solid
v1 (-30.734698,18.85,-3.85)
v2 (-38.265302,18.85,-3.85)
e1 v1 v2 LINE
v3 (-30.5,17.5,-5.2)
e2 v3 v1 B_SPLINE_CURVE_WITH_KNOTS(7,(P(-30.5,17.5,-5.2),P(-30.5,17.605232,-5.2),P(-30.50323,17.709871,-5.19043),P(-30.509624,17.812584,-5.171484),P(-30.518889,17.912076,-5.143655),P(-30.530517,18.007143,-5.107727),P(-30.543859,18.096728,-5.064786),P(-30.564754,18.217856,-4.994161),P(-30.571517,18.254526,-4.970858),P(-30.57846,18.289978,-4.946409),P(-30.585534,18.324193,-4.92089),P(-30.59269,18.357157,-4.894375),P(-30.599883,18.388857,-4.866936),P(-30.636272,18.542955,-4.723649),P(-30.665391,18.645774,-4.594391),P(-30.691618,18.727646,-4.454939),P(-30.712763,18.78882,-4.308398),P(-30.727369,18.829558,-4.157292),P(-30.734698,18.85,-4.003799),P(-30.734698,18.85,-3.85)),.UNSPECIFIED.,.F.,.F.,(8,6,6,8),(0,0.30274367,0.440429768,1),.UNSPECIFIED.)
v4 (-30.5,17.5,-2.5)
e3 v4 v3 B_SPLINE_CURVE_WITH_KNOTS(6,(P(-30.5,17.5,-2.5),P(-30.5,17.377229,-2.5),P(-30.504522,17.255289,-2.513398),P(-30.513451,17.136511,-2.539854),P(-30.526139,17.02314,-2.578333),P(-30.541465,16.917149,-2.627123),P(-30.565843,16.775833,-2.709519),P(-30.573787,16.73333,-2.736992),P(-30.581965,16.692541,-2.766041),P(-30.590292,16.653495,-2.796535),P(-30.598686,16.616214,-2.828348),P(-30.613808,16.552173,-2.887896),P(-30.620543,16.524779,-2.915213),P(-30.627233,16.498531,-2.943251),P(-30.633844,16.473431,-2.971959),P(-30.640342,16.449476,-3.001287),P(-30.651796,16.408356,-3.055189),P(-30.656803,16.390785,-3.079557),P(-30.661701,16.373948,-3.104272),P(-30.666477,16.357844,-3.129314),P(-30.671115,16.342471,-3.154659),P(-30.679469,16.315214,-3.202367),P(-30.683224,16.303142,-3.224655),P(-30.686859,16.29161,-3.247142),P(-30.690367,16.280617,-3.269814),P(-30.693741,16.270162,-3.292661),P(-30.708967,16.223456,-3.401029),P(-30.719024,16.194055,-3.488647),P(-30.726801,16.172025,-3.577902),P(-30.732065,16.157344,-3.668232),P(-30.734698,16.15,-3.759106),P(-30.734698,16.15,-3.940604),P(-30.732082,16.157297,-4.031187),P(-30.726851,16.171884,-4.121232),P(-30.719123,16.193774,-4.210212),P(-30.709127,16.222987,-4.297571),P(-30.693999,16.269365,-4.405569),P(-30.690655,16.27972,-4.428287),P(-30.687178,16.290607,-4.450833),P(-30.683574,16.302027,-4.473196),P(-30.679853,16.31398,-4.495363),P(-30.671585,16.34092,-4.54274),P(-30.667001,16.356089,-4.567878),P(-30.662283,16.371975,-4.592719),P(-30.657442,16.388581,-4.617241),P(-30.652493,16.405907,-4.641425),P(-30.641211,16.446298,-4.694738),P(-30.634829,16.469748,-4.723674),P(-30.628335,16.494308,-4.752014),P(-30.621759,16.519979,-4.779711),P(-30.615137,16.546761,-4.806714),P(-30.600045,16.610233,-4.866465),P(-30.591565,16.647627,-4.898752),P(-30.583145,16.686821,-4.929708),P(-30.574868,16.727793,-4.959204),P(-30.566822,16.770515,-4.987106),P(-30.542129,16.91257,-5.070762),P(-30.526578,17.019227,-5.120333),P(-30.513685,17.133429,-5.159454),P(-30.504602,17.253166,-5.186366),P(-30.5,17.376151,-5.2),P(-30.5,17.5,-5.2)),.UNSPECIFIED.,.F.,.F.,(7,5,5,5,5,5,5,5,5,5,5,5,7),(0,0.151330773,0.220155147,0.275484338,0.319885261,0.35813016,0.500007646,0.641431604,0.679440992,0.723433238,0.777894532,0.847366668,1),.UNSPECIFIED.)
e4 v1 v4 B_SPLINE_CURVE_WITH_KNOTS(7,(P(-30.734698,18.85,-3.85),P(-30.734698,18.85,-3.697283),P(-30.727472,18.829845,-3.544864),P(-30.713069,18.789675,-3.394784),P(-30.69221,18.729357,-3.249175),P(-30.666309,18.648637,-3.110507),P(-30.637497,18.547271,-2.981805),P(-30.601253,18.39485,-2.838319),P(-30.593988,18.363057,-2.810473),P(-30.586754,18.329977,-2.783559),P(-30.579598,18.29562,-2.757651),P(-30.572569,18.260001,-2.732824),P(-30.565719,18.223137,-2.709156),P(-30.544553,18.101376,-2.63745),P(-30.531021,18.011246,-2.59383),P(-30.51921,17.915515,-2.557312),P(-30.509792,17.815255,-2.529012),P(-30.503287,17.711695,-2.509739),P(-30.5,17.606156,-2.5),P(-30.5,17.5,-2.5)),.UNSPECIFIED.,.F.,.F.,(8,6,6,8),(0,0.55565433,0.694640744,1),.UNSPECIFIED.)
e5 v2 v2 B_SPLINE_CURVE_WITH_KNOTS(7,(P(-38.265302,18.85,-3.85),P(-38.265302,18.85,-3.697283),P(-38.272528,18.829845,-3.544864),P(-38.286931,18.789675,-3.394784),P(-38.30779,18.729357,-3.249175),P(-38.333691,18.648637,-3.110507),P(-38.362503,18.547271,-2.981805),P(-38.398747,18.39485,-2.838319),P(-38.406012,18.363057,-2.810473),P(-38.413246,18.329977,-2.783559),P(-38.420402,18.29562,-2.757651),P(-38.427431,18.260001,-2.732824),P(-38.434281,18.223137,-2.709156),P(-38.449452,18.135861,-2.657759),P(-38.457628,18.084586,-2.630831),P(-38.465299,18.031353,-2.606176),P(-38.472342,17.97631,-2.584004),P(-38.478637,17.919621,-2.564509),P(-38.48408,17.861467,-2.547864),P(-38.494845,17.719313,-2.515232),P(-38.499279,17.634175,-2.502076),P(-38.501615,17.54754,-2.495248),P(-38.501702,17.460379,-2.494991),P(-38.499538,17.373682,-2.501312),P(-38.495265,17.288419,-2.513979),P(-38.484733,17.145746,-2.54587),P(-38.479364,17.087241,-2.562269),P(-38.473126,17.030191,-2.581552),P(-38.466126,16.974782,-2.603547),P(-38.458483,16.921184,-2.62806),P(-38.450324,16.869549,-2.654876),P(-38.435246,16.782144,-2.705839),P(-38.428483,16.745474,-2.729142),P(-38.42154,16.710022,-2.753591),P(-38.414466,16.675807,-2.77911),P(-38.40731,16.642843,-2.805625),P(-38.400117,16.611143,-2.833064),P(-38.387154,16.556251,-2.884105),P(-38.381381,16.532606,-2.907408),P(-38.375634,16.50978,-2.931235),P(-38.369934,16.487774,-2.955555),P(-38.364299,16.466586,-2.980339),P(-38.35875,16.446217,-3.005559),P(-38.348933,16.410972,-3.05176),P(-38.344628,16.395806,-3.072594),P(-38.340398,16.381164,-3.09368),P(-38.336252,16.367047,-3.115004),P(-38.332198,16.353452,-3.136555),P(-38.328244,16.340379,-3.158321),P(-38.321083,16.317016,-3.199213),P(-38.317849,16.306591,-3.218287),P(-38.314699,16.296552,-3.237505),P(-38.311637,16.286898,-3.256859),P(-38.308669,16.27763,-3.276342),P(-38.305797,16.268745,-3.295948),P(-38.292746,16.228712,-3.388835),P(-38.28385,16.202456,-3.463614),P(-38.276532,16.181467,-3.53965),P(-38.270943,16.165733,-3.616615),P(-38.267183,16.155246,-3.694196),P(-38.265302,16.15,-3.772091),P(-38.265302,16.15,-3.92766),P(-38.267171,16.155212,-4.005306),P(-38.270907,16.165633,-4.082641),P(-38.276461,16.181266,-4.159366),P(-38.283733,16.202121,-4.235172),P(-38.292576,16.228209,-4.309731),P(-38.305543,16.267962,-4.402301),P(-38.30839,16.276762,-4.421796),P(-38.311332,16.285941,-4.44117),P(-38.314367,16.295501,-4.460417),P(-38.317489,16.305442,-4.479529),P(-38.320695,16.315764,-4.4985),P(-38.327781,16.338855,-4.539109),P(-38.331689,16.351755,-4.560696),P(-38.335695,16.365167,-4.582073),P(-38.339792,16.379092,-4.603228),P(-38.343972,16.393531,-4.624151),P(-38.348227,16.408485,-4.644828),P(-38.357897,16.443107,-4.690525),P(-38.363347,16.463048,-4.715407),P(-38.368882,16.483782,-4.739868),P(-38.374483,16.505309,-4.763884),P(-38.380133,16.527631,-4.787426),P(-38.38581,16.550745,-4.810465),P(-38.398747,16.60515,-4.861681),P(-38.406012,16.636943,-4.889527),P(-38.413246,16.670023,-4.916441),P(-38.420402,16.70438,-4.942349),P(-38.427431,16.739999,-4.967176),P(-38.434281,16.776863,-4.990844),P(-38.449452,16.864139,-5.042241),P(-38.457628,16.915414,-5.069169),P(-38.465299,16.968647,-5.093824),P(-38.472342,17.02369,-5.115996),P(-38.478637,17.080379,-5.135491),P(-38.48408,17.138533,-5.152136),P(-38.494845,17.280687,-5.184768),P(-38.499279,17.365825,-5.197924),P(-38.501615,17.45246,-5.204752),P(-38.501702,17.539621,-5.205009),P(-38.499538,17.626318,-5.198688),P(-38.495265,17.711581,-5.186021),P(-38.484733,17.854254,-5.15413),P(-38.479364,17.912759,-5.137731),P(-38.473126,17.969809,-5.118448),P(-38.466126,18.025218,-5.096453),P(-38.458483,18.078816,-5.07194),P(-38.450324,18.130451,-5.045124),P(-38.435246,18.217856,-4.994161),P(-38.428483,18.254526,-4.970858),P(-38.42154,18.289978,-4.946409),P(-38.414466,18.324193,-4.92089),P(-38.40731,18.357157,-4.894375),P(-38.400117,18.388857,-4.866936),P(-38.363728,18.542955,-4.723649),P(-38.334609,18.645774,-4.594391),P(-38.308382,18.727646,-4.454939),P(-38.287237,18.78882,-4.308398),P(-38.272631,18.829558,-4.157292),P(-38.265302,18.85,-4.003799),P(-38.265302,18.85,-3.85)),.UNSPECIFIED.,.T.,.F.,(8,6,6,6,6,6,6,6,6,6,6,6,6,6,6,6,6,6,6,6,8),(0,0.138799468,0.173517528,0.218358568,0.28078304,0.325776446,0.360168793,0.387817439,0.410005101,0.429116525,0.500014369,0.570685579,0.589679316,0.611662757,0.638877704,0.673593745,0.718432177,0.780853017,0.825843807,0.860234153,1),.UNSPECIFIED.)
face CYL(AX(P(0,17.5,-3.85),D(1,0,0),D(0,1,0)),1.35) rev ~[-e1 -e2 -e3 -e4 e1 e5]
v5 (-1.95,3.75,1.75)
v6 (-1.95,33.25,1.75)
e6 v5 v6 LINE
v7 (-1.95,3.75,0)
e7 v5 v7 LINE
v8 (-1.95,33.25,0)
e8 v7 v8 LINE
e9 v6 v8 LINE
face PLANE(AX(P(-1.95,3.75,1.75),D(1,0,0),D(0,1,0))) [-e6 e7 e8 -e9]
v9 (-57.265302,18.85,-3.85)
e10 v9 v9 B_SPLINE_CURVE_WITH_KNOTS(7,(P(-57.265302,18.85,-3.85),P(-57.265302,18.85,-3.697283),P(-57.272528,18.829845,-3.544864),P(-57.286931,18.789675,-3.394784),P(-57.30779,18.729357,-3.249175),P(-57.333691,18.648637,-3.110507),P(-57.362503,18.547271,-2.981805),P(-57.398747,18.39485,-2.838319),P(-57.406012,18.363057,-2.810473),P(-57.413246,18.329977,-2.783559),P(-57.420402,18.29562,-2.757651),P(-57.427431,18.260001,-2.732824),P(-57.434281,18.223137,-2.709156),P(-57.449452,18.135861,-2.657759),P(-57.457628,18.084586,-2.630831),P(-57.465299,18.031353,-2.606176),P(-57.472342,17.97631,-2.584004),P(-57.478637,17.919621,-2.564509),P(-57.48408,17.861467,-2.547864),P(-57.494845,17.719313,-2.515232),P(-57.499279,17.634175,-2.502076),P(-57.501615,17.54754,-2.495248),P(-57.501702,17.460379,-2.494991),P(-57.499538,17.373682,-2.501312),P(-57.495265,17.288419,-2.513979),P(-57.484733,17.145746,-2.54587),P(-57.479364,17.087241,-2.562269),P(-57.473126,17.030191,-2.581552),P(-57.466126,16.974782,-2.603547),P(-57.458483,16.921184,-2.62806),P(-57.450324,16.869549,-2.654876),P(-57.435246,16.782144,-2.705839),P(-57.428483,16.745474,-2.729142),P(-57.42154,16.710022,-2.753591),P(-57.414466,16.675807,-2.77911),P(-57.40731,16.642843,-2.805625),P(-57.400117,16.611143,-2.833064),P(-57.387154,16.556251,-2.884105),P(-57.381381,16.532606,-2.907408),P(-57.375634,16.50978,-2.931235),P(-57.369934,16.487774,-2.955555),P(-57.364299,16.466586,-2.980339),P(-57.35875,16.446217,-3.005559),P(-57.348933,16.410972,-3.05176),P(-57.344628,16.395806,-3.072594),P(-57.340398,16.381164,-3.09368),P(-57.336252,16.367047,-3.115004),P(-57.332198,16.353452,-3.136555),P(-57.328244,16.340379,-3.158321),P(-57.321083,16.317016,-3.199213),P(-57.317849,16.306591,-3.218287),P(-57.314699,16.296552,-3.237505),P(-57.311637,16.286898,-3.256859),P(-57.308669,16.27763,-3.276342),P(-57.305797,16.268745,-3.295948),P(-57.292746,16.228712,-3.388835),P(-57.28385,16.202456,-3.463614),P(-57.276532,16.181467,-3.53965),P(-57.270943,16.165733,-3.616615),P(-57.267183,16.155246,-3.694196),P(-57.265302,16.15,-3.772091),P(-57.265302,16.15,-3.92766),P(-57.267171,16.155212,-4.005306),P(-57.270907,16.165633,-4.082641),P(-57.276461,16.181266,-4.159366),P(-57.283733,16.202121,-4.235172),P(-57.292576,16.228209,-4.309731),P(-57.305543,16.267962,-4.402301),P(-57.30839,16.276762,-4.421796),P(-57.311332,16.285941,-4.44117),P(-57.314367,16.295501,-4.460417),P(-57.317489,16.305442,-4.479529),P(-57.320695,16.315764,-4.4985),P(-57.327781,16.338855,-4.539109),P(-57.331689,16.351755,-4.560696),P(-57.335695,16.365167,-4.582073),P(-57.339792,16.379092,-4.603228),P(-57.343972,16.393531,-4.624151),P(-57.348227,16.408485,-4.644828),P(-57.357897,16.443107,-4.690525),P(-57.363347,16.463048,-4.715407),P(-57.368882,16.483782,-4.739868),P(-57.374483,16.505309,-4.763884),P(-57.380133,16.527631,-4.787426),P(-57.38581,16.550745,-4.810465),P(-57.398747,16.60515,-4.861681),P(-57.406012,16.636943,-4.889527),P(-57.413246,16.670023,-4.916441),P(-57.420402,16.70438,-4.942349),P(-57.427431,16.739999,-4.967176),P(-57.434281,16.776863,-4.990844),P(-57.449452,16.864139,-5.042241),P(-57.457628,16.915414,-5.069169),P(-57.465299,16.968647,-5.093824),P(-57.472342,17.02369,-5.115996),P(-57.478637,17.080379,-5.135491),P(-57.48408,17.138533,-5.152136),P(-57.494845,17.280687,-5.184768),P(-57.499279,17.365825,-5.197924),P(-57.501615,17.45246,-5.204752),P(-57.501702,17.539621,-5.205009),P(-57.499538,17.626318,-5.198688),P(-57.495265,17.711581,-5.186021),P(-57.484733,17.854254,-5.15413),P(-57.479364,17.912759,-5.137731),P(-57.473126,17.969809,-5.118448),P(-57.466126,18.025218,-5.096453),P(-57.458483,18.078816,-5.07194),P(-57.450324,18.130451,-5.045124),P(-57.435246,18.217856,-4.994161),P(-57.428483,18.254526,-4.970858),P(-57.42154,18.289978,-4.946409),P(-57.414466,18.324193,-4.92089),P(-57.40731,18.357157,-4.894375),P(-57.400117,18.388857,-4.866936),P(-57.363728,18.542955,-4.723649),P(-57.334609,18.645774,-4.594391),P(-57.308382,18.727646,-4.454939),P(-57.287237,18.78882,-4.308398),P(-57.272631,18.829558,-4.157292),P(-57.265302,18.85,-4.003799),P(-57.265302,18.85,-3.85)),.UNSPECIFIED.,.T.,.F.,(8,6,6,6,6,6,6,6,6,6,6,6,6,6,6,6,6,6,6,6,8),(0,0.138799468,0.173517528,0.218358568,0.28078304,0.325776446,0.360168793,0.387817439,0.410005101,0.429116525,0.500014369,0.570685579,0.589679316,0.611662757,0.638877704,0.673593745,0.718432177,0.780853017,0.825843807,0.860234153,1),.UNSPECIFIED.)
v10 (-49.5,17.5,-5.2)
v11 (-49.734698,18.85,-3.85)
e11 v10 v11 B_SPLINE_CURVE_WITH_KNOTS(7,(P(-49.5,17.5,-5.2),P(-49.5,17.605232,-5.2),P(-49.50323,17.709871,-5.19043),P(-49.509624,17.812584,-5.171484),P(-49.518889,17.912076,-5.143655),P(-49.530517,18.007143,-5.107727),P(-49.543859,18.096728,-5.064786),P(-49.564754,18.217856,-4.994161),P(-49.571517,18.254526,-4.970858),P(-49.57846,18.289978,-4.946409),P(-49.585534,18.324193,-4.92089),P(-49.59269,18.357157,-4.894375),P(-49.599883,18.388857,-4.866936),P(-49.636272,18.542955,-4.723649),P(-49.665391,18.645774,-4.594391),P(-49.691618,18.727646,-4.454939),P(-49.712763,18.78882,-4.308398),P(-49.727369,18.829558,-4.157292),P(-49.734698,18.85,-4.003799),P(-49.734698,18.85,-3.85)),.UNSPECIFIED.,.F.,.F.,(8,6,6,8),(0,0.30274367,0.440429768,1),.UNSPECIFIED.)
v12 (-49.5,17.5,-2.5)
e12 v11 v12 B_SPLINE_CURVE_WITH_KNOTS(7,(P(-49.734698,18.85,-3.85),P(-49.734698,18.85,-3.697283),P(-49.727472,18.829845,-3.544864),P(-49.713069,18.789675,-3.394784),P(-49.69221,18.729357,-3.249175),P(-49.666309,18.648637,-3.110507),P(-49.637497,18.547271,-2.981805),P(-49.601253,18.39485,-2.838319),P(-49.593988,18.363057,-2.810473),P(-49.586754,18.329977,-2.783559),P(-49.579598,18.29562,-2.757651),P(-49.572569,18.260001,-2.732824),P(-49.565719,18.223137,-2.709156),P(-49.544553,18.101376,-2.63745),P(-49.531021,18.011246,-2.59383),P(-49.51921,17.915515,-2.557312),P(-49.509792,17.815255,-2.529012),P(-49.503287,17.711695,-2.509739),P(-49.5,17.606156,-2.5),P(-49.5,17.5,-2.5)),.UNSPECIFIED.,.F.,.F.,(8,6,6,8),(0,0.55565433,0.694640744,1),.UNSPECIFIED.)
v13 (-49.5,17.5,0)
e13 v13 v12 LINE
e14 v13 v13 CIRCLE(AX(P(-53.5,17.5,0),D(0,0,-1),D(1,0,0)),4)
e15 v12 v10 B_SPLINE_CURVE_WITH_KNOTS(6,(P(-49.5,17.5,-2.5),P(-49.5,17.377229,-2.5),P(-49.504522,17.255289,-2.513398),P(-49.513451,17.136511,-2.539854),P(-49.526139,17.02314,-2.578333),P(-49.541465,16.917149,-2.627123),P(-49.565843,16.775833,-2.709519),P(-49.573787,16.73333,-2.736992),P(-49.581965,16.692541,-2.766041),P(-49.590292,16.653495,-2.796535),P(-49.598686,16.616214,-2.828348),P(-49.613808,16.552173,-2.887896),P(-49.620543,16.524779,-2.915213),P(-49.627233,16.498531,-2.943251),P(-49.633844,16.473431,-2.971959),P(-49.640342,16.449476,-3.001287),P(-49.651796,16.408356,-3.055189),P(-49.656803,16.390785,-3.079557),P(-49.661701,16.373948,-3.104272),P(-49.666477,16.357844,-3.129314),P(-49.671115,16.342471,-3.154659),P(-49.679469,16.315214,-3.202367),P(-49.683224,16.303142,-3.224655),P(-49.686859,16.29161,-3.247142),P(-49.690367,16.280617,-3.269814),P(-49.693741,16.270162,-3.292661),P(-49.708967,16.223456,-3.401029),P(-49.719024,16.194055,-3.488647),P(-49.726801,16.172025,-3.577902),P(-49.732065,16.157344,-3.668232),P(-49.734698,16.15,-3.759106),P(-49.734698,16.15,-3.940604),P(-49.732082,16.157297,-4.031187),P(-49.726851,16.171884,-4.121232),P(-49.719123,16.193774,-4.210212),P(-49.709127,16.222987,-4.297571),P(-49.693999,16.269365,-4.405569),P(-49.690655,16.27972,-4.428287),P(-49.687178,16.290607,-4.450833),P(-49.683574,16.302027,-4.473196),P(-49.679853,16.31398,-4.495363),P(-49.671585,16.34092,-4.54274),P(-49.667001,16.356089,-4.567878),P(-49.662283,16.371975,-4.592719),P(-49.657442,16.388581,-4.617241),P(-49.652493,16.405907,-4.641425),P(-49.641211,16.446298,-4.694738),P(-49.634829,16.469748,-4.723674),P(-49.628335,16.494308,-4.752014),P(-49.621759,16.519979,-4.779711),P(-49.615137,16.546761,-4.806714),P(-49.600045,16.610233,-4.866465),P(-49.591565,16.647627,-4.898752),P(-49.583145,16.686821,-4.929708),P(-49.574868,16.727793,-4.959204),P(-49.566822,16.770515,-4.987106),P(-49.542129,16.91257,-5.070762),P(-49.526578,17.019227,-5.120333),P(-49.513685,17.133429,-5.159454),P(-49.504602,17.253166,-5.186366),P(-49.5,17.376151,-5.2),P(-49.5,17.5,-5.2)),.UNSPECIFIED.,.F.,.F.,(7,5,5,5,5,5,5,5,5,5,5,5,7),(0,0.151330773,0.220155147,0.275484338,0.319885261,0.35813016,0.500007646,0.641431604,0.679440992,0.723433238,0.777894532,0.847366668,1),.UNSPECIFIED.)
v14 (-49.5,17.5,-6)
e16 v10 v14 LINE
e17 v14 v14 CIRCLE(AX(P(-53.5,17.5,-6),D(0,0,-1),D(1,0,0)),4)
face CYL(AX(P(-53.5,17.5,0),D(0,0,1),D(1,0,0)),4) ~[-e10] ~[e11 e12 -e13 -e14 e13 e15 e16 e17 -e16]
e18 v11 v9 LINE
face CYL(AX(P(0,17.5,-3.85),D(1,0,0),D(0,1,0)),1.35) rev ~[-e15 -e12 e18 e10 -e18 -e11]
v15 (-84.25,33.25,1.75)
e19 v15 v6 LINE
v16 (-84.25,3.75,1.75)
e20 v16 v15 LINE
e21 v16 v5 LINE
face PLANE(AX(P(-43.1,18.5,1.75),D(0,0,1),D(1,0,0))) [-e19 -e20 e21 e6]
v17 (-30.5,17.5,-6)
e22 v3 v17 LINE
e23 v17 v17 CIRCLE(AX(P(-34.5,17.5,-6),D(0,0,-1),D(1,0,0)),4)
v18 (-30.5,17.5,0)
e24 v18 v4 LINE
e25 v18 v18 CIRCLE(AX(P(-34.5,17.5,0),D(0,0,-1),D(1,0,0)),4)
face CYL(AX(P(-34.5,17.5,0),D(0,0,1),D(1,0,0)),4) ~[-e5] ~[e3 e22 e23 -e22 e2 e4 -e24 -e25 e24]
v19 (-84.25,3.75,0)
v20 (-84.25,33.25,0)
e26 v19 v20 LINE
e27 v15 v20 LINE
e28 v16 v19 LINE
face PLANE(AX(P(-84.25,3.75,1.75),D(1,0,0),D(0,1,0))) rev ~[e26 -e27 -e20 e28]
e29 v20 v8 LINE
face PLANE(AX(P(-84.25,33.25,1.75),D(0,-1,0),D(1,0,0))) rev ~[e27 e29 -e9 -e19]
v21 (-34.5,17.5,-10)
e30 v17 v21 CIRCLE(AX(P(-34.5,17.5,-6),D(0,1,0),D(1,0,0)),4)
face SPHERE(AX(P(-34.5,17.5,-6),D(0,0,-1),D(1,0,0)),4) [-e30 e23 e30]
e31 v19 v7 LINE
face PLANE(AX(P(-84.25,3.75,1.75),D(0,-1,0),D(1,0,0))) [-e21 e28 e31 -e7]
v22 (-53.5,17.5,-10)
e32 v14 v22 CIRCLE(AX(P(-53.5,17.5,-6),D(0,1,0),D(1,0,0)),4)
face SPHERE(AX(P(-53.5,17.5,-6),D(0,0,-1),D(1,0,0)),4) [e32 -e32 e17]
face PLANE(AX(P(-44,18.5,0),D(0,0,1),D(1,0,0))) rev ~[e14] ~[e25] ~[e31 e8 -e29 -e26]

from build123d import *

# Parameters (mm, degrees)
F0_W      = 88
F0_H      = 37
F1_DEPTH  = 1.75
F2_W      = 82.3
F2_H      = 29.5
F3_DEPTH  = 1.5
F4_R      = 4
F5_DEPTH  = 10
F6_R      = 4
F7_R      = 1.35
F8_DEPTH  = 88.001
F9_R      = 3
F10_DEPTH = 25


with BuildPart() as f1:
    # F0 (on Top) → F1 (new body)
    with BuildSketch(Plane.XY):
        with Locations((-44, 18.5)):
            Rectangle(F0_W, F0_H)
    extrude(amount=F1_DEPTH)

    # F2 (on face) → F3 (join)
    with BuildSketch(Plane.XY.offset(1.75)):
        with Locations((-43.1, 18.5)):
            Rectangle(F2_W, F2_H)
    extrude(amount=F3_DEPTH)

    # F4 (on face) → F5 (join)
    with BuildSketch(Plane(origin=(0, 0, 0), x_dir=(1, 0, 0), z_dir=(0, 0, -1))):
        with Locations((-53.5, -17.5)):
            Circle(F4_R)
        with Locations((-34.5, -17.5)):
            Circle(F4_R)
    extrude(amount=F5_DEPTH)

    # F6
    f6_edges = [f1.edges().sort_by_distance(p)[0] for p in [
        (-57.5, 17.5, -10),
        (-38.5, 17.5, -10),
    ]]
    fillet(f6_edges, radius=F6_R)

    # F7 (on face) → F8 (cut, through all)
    with BuildSketch(Plane.YZ):
        with Locations((17.5, -3.85)):
            Circle(F7_R)
    extrude(amount=-F8_DEPTH, mode=Mode.SUBTRACT)

    # F9
    f9_edges = [f1.edges().sort_by_distance(p)[0] for p in [
        (-88, 0, 0.875),
        (-88, 37, 0.875),
        (0, 37, 0.875),
        (0, 0, 0.875),
    ]]
    fillet(f9_edges, radius=F9_R)

    # F2 (on face) → F10 (intersect)
    with BuildSketch(Plane.XY.offset(1.75)):
        with Locations((-43.1, 18.5)):
            Rectangle(F2_W, F2_H)
    extrude(amount=-F10_DEPTH, mode=Mode.INTERSECT)


solid = f1.part
